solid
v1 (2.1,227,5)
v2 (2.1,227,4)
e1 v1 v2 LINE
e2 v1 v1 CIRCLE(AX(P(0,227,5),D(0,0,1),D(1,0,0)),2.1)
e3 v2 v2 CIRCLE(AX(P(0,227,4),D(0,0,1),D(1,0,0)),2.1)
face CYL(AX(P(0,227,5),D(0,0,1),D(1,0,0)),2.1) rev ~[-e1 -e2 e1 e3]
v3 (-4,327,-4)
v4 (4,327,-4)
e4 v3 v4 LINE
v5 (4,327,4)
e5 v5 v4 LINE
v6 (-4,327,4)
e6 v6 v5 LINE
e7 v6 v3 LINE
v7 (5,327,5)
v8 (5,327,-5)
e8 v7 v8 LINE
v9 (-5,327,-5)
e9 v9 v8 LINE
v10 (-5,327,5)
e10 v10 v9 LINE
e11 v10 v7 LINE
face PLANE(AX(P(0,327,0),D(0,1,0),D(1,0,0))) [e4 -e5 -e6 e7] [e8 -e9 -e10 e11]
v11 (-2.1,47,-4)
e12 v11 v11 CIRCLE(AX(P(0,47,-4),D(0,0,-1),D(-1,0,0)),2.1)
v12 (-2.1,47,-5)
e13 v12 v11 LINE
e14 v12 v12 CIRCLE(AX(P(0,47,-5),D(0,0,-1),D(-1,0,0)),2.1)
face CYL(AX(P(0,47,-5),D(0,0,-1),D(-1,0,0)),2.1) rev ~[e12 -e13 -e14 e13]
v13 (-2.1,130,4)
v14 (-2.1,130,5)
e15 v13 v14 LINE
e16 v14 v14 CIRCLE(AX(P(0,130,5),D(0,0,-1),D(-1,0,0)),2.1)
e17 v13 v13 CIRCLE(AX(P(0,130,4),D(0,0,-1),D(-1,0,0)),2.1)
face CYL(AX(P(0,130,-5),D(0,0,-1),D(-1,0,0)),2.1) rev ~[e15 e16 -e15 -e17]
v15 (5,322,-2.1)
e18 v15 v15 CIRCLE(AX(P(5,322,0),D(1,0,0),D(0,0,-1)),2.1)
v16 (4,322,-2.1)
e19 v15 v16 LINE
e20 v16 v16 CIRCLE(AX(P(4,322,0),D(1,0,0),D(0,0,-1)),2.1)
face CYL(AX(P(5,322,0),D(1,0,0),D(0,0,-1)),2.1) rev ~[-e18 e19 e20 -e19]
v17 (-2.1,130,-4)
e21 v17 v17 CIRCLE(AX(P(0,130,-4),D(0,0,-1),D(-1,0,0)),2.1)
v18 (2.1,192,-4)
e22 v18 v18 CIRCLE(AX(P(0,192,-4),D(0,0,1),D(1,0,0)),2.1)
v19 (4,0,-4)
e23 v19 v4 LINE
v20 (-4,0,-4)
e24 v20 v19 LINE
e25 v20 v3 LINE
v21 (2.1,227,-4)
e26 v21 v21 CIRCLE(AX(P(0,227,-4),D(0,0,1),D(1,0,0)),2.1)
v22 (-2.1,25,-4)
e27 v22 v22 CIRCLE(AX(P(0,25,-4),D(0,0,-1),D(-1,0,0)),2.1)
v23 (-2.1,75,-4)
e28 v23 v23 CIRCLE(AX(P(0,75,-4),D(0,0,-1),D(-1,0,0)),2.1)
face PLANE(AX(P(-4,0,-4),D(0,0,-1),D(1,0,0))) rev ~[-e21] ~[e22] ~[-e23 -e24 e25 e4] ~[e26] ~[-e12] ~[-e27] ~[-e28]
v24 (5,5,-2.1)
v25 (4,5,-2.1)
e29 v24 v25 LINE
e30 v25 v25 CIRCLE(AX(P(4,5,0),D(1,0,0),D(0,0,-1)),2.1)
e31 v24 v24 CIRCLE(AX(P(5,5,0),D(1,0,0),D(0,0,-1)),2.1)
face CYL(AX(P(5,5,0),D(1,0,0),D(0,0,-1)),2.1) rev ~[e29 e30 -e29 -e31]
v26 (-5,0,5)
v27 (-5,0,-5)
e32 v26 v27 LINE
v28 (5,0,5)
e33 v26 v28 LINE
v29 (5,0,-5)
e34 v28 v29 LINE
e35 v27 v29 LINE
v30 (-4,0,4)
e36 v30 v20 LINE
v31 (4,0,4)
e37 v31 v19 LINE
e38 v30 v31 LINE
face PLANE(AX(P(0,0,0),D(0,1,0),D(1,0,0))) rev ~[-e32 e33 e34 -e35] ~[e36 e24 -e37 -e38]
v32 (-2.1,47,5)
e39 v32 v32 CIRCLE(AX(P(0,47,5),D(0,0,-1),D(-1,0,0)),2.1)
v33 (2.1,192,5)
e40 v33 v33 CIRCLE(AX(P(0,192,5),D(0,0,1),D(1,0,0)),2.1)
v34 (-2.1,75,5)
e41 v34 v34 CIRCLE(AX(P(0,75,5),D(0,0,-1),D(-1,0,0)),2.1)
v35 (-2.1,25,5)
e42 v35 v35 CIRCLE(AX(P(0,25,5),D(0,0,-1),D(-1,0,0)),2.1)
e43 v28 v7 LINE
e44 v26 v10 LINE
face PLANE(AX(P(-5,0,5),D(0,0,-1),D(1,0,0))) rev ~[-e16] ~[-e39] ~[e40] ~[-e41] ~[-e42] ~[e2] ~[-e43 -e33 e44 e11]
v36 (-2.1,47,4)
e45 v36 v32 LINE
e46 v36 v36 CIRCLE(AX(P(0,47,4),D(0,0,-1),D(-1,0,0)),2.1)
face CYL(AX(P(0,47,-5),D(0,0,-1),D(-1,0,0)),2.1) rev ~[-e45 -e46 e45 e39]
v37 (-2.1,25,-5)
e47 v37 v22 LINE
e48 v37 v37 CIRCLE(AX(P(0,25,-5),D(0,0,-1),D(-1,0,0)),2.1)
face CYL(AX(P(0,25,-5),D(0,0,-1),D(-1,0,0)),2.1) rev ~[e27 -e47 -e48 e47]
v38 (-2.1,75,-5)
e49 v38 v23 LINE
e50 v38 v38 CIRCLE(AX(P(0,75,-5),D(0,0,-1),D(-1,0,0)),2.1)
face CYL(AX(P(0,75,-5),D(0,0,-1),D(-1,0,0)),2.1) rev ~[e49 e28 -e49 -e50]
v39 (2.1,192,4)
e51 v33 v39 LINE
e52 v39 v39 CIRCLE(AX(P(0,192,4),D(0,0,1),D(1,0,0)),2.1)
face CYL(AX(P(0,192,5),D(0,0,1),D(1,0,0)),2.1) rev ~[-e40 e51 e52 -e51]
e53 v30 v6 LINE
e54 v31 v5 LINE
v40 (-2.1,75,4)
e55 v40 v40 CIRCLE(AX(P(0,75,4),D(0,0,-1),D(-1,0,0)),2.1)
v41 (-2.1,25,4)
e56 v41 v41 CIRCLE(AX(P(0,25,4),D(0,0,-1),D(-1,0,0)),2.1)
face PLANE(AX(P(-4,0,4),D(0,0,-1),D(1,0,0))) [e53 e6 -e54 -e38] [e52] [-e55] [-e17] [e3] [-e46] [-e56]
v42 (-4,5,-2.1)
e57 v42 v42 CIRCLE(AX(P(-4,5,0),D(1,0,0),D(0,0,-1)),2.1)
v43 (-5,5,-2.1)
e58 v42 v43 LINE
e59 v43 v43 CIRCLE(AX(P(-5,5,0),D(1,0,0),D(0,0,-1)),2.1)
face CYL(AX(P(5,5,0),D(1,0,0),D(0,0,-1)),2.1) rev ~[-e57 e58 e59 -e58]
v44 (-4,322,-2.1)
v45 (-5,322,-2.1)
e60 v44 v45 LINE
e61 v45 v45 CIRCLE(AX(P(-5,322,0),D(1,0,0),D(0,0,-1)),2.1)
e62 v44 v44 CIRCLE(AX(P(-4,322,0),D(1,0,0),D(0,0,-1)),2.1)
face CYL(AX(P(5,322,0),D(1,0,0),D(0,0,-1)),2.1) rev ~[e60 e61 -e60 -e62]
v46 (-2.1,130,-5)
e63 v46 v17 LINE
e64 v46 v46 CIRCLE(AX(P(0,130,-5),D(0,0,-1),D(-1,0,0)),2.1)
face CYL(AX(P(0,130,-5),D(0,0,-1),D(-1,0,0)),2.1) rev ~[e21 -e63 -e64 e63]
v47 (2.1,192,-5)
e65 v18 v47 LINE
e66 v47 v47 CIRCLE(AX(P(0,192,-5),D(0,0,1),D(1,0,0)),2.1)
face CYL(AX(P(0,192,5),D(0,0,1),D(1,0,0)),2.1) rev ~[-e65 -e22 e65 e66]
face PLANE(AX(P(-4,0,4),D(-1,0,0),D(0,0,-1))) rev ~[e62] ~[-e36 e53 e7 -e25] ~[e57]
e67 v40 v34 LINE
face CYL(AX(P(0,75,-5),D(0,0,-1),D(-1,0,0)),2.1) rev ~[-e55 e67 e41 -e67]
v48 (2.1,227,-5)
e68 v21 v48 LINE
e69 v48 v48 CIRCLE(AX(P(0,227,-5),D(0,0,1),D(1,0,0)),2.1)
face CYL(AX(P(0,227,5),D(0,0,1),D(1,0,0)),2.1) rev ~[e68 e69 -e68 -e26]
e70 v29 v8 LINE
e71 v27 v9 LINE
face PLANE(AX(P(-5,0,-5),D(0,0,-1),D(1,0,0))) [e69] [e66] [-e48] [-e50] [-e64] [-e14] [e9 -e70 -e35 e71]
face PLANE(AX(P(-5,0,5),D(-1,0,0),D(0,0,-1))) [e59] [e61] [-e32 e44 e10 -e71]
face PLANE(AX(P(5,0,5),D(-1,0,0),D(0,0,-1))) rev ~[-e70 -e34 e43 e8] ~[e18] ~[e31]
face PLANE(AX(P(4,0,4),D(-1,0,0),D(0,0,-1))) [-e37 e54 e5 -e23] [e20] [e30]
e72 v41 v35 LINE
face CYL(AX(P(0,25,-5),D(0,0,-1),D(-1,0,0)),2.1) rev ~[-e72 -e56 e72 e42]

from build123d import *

# Parameters (mm, degrees)
SKETCH_1_W          = 10
SKETCH_1_H          = 10
SKETCH_1_W_2        = 8
SKETCH_1_H_2        = 8
EXTRUDE_1_DEPTH     = 327
SKETCH_2_R          = 2.1
CUT_EXTRUDE_1_DEPTH = 328.191075673
SKETCH_3_R          = 2.1
CUT_EXTRUDE_2_DEPTH = 328.191075673
SKETCH_4_R          = 2.1
CUT_EXTRUDE_3_DEPTH = 328.191075673


with BuildPart() as part:
    # ｽｹｯﾁ1 → 押し出し-薄板1 (new body)
    with BuildSketch(Plane(origin=(0, 0, 0), x_dir=(1, 0, 0), z_dir=(0, 1, 0))):
        Rectangle(SKETCH_1_W, SKETCH_1_H)
        Rectangle(SKETCH_1_W_2, SKETCH_1_H_2, mode=Mode.SUBTRACT)
    extrude(amount=EXTRUDE_1_DEPTH)

    # ｽｹｯﾁ2 → ｶｯﾄ - 押し出し1 (cut, through all)
    with BuildSketch(Plane(origin=(5, 0, 0), x_dir=(0, 0, -1), z_dir=(1, 0, 0))):
        with Locations((0, 322)):
            Circle(SKETCH_2_R)
        with Locations((0, 5)):
            Circle(SKETCH_2_R)
    extrude(amount=-CUT_EXTRUDE_1_DEPTH, mode=Mode.SUBTRACT)

    # ｽｹｯﾁ3 → ｶｯﾄ - 押し出し2 (cut, through all)
    with BuildSketch(Plane(origin=(0, 0, -5), x_dir=(-1, 0, 0), z_dir=(0, 0, -1))):
        with Locations((0, 130)):
            Circle(SKETCH_3_R)
        with Locations((0, 75)):
            Circle(SKETCH_3_R)
        with Locations((0, 47)):
            Circle(SKETCH_3_R)
        with Locations((0, 25)):
            Circle(SKETCH_3_R)
    extrude(amount=-CUT_EXTRUDE_2_DEPTH, mode=Mode.SUBTRACT)

    # ｽｹｯﾁ4 → ｶｯﾄ - 押し出し3 (cut, through all)
    with BuildSketch(Plane.XY.offset(5)):
        with Locations((0, 192)):
            Circle(SKETCH_4_R)
        with Locations((0, 227)):
            Circle(SKETCH_4_R)
    extrude(amount=-CUT_EXTRUDE_3_DEPTH, mode=Mode.SUBTRACT)


solid = part.part
